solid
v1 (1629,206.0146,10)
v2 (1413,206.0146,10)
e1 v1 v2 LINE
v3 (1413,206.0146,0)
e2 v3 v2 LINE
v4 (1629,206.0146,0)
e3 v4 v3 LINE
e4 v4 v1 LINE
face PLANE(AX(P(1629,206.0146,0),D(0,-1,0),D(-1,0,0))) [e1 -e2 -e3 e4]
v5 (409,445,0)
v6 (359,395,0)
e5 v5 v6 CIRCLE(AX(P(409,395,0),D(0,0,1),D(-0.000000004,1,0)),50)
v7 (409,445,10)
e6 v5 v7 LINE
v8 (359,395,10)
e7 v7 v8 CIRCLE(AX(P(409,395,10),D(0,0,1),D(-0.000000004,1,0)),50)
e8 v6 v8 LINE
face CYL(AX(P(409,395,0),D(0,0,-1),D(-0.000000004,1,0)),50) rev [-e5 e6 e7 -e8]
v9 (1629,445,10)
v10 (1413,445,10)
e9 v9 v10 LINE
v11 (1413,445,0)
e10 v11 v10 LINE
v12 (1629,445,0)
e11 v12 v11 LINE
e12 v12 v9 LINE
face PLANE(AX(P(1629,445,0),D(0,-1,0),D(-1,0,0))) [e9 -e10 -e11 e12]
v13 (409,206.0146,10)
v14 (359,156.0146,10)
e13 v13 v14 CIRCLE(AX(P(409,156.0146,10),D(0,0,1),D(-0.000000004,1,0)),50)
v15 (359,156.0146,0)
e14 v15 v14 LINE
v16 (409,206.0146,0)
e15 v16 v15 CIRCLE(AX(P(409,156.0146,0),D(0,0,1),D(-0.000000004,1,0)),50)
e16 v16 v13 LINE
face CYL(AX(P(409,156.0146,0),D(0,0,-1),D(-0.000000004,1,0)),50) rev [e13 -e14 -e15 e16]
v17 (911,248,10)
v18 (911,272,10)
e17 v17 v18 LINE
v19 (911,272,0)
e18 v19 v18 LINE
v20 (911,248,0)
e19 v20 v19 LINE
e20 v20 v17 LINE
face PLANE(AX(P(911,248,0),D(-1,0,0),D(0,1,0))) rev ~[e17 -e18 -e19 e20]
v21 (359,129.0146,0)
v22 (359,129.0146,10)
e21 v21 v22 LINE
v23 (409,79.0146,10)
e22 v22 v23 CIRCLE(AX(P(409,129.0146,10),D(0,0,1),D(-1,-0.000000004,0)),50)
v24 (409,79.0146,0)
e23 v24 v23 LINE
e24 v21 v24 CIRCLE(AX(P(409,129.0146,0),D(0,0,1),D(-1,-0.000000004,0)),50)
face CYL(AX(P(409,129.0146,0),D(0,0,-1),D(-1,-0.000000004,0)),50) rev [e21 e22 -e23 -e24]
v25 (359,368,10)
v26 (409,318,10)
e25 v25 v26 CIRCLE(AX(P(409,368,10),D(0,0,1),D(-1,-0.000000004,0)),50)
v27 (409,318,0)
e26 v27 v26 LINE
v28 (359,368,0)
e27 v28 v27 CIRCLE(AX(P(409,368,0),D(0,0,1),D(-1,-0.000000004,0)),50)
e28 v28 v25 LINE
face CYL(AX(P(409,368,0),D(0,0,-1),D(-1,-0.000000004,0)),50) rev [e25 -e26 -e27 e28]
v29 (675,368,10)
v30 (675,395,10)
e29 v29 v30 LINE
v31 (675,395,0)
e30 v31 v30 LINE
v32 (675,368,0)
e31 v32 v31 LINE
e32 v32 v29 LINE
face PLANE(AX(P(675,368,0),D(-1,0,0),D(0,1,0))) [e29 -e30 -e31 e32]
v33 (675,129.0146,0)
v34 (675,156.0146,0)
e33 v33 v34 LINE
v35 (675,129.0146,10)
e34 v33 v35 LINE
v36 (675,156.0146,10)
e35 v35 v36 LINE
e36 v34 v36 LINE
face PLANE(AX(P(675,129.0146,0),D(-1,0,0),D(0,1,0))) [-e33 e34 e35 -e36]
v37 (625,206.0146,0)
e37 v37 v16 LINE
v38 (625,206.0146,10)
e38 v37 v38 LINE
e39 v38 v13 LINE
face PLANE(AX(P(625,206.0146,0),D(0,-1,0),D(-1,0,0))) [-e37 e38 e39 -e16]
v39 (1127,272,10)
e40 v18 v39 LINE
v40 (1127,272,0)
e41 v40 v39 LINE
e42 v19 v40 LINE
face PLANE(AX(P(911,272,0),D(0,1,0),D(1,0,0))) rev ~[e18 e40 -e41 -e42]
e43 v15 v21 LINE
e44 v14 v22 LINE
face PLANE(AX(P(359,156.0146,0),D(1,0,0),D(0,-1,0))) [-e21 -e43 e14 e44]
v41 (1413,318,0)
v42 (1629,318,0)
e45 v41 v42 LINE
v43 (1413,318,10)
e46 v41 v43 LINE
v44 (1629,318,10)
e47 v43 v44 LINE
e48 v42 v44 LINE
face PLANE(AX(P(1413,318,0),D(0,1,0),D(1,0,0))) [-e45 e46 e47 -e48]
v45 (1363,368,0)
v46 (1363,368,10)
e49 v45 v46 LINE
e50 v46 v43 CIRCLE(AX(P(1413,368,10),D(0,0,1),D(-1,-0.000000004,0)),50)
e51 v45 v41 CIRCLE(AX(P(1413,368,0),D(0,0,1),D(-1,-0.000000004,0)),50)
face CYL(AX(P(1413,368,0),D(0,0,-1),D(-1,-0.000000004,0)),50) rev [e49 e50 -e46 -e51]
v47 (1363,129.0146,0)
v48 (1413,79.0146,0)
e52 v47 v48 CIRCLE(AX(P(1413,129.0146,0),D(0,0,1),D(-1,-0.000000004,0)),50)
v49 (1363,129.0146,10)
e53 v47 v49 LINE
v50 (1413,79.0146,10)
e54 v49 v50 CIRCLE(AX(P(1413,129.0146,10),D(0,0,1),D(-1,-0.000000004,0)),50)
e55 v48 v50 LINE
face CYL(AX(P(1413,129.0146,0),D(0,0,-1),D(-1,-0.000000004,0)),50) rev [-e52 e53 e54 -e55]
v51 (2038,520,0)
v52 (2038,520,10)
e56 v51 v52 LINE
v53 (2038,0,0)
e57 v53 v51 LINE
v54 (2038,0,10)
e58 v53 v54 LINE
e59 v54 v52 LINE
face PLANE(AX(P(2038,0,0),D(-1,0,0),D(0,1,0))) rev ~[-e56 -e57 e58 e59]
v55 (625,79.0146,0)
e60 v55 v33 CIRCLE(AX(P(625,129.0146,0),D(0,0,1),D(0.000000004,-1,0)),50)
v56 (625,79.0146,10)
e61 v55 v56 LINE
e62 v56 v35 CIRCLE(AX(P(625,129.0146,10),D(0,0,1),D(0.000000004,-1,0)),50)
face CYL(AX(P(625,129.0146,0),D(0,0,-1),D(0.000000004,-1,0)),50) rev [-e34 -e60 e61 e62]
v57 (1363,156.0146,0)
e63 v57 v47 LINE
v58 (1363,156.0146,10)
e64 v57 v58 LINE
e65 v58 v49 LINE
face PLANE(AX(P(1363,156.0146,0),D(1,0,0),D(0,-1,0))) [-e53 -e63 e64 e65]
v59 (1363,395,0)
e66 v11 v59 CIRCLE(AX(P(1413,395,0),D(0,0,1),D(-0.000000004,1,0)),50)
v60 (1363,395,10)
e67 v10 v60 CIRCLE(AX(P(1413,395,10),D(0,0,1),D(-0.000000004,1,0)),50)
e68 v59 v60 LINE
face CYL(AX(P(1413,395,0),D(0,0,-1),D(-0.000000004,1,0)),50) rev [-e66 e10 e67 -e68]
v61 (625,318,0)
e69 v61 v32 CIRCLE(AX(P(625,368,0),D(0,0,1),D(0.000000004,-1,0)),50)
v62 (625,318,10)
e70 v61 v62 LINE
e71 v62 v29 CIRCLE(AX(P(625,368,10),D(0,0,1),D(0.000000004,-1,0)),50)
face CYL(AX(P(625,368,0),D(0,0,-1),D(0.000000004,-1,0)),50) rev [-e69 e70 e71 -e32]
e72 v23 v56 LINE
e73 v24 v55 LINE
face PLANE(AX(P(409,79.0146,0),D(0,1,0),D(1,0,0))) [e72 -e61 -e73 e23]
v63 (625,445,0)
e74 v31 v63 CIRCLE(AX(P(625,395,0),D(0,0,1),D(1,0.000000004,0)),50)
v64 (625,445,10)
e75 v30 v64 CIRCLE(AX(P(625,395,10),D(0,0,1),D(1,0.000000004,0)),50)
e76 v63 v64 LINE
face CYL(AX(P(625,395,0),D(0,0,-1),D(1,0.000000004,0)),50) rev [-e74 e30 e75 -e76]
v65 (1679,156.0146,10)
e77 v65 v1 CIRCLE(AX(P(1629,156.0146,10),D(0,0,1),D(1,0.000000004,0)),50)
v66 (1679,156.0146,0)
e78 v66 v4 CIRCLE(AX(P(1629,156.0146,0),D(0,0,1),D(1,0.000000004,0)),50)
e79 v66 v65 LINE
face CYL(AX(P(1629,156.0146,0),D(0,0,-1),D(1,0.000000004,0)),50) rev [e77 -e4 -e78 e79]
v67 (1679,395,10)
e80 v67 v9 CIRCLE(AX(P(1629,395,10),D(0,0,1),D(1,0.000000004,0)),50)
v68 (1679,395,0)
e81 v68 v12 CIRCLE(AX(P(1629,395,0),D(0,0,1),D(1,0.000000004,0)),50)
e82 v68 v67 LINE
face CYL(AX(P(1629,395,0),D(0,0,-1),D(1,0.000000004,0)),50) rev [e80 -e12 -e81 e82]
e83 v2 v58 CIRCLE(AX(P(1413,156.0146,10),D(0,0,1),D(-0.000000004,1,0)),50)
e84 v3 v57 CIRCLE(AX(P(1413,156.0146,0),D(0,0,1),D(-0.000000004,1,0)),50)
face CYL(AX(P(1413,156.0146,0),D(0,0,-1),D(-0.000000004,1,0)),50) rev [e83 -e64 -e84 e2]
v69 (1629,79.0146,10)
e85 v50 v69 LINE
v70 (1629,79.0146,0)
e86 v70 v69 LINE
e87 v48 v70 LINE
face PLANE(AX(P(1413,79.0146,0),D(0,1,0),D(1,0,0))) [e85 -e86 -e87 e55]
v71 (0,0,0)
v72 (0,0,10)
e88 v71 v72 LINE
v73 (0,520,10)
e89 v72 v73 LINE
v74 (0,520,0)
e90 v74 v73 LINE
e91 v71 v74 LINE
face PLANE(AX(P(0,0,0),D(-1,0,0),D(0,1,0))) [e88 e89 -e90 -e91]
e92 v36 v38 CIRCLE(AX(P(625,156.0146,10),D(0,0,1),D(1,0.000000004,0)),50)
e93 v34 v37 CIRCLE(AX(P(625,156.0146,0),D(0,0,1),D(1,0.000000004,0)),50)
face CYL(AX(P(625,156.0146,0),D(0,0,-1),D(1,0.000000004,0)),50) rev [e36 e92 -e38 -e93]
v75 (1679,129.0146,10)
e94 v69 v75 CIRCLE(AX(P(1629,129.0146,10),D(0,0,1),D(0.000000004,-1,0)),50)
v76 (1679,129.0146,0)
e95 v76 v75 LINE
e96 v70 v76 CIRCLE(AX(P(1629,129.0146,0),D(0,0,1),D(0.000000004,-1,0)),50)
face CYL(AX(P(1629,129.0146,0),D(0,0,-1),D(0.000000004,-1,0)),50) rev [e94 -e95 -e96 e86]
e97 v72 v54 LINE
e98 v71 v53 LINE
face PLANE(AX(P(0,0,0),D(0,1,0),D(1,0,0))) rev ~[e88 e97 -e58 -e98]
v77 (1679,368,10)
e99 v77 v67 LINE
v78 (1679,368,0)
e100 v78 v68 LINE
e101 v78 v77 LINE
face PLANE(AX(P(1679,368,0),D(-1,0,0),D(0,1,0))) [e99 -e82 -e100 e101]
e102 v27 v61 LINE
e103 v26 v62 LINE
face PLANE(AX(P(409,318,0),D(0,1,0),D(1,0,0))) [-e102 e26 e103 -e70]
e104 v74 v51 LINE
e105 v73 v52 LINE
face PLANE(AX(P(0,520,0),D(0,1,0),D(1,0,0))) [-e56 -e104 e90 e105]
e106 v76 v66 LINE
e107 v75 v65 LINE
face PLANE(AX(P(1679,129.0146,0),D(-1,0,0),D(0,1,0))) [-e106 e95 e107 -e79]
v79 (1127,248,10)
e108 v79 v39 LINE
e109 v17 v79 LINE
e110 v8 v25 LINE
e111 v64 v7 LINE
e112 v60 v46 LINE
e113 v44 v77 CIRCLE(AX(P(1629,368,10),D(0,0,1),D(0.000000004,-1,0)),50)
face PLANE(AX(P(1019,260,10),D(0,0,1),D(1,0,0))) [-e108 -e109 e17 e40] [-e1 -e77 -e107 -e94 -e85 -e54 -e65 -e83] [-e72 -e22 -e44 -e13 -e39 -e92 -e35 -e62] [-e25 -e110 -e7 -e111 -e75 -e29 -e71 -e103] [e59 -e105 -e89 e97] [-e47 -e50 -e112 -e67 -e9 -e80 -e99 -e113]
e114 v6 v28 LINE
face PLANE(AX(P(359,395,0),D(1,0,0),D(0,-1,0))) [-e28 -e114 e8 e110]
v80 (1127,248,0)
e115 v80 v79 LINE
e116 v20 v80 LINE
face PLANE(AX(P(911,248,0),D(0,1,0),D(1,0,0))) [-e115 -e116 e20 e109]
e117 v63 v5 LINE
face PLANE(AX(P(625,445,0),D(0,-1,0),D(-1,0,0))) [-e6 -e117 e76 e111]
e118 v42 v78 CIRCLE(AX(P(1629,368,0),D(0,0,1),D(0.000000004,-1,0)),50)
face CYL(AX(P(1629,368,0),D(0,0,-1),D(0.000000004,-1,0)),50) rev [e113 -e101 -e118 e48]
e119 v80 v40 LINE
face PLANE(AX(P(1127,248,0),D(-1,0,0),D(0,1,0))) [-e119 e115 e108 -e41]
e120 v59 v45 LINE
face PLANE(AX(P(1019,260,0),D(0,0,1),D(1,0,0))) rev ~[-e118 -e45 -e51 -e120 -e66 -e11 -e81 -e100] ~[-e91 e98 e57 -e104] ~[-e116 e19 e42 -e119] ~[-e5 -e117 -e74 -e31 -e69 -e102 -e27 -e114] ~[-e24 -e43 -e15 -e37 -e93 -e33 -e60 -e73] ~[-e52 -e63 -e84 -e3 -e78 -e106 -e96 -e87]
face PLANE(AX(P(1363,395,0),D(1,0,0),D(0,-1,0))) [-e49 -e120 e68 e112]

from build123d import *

# Parameters (mm, degrees)
SKETCH_W   = 2038
SKETCH_H   = 520
SKETCH_W_2 = 216
SKETCH_H_2 = 24
PAD_DEPTH  = 10


with BuildPart() as part:
    # Sketch → Pad (new body)
    with BuildSketch(Plane.XY):
        with Locations((1019, 260)):
            Rectangle(SKETCH_W, SKETCH_H)
        with BuildLine():
            Line((359, 395), (359, 368))
            ThreePointArc((359, 368), (373.644661, 332.644661), (409, 318))
            Line((409, 318), (625, 318))
            ThreePointArc((625, 318), (660.355339, 332.644661), (675, 368))
            Line((675, 368), (675, 395))
            ThreePointArc((675, 395), (660.355339, 430.355339), (625, 445))
            Line((625, 445), (409, 445))
            ThreePointArc((409, 445), (373.644661, 430.355339), (359, 395))
        make_face(mode=Mode.SUBTRACT)
        with BuildLine():
            Line((1363, 395), (1363, 368))
            ThreePointArc((1363, 368), (1377.644661, 332.644661), (1413, 318))
            Line((1413, 318), (1629, 318))
            ThreePointArc((1629, 318), (1664.355339, 332.644661), (1679, 368))
            Line((1679, 368), (1679, 395))
            ThreePointArc((1679, 395), (1664.355339, 430.355339), (1629, 445))
            Line((1629, 445), (1413, 445))
            ThreePointArc((1413, 445), (1377.644661, 430.355339), (1363, 395))
        make_face(mode=Mode.SUBTRACT)
        with BuildLine():
            Line((359, 156.0146), (359, 129.0146))
            ThreePointArc((359, 129.0146), (373.644661, 93.659261), (409, 79.0146))
            Line((409, 79.0146), (625, 79.0146))
            ThreePointArc((625, 79.0146), (660.355339, 93.659261), (675, 129.0146))
            Line((675, 129.0146), (675, 156.0146))
            ThreePointArc((675, 156.0146), (660.355339, 191.369939), (625, 206.0146))
            Line((625, 206.0146), (409, 206.0146))
            ThreePointArc((409, 206.0146), (373.644661, 191.369939), (359, 156.0146))
        make_face(mode=Mode.SUBTRACT)
        with BuildLine():
            Line((1363, 156.0146), (1363, 129.0146))
            ThreePointArc((1363, 129.0146), (1377.644661, 93.659261), (1413, 79.0146))
            Line((1413, 79.0146), (1629, 79.0146))
            ThreePointArc((1629, 79.0146), (1664.355339, 93.659261), (1679, 129.0146))
            Line((1679, 129.0146), (1679, 156.0146))
            ThreePointArc((1679, 156.0146), (1664.355339, 191.369939), (1629, 206.0146))
            Line((1629, 206.0146), (1413, 206.0146))
            ThreePointArc((1413, 206.0146), (1377.644661, 191.369939), (1363, 156.0146))
        make_face(mode=Mode.SUBTRACT)
        with Locations((1019, 260)):
            Rectangle(SKETCH_W_2, SKETCH_H_2, mode=Mode.SUBTRACT)
    extrude(amount=PAD_DEPTH)


solid = part.part
